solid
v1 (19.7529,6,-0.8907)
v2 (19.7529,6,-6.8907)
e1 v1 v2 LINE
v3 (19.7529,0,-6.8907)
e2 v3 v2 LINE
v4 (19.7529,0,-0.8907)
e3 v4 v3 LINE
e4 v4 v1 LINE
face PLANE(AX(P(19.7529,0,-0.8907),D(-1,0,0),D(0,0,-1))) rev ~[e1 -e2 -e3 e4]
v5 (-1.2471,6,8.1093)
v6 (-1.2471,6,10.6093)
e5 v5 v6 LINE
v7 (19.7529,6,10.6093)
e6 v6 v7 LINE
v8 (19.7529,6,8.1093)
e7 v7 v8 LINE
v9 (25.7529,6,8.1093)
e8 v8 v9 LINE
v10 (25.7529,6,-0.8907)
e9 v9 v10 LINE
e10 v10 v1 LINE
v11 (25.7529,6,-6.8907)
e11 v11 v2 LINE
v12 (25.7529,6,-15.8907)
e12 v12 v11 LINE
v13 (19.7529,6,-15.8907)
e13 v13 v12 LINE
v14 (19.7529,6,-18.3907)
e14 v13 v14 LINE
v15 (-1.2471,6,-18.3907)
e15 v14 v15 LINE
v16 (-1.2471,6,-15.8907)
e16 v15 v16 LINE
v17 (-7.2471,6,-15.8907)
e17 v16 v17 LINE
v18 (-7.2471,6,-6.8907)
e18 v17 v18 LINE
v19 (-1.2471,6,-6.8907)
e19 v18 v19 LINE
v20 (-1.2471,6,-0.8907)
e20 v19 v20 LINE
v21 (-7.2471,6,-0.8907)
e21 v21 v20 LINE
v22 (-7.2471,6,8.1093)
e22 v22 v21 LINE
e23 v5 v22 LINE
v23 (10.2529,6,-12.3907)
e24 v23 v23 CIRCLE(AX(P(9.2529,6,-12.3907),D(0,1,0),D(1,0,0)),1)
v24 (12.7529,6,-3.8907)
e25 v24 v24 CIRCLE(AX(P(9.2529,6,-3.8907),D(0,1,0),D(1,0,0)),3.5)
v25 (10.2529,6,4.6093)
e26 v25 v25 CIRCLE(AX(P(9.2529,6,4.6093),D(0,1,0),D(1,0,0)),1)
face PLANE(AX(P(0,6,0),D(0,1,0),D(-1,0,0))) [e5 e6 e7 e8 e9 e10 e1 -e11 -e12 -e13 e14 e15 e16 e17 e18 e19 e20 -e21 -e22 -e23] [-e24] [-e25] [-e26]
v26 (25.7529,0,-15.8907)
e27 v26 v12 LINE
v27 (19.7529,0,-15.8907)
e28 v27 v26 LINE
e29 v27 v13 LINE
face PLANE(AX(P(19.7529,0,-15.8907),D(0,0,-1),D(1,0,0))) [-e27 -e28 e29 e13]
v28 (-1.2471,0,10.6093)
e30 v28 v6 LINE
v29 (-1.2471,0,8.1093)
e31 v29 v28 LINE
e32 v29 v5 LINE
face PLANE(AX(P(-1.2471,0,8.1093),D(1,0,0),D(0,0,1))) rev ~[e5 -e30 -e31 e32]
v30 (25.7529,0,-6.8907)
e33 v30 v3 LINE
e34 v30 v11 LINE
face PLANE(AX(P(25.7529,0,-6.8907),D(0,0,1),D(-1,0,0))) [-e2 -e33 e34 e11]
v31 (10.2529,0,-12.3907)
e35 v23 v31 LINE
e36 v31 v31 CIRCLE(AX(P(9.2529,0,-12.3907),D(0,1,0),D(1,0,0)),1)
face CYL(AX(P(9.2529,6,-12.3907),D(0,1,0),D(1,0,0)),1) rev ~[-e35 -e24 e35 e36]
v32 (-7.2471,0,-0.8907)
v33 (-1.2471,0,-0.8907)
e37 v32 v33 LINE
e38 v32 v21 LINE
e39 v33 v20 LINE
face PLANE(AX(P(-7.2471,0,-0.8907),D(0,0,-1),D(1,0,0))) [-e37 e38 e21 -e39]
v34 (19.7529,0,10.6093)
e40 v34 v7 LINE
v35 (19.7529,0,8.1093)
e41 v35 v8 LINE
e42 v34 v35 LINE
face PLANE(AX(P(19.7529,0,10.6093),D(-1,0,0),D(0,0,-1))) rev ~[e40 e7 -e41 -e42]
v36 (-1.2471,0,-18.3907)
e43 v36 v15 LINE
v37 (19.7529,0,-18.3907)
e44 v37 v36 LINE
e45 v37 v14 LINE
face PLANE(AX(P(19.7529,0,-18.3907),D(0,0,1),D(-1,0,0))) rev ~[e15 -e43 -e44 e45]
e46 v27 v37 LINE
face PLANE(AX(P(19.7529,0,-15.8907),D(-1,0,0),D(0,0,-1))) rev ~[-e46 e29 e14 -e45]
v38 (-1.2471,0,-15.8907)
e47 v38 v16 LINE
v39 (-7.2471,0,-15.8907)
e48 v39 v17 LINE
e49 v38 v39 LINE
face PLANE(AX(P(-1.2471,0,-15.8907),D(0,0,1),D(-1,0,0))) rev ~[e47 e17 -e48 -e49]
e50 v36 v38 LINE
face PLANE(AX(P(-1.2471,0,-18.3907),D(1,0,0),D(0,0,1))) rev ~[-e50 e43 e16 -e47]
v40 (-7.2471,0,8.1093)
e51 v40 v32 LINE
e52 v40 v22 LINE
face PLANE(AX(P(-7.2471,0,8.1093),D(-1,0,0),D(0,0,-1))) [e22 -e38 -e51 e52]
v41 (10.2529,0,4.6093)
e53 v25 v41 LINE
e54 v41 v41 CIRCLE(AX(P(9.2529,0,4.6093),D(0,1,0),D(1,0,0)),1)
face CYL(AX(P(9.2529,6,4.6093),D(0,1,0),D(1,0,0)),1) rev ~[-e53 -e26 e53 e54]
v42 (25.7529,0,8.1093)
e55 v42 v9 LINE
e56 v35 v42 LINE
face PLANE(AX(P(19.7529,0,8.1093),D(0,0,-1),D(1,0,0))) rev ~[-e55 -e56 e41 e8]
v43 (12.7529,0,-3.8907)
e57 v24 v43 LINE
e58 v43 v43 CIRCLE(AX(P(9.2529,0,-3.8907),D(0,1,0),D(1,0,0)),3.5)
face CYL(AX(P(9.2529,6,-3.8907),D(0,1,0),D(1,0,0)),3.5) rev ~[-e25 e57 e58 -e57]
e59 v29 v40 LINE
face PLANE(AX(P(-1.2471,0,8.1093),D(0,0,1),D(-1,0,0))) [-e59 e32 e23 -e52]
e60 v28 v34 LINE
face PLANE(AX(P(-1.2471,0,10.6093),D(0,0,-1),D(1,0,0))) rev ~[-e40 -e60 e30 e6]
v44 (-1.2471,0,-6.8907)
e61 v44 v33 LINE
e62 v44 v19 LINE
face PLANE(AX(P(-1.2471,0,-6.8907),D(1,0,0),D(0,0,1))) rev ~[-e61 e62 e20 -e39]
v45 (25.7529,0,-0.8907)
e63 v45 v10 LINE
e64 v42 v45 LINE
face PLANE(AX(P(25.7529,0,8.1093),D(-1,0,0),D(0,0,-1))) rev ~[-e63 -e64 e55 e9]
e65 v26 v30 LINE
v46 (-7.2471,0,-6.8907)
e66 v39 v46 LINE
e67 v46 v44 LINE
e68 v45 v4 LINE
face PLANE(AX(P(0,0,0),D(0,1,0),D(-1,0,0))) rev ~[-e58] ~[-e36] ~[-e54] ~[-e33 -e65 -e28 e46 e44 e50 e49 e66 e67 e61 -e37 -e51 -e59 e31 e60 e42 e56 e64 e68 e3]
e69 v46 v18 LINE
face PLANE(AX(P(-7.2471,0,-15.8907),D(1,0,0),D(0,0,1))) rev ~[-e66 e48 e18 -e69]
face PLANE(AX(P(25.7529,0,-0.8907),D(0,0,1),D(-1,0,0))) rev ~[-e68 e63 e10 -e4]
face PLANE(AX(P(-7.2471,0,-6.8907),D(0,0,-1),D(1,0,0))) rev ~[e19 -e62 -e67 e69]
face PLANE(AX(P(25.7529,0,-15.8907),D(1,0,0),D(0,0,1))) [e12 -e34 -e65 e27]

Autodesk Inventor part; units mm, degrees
ref_plane "YZ Plane" through (0, 0, 0) normal (1, 0, 0) x (0, 1, 0)
ref_plane "XZ Plane" through (0, 0, 0) normal (0, 1, 0) x (-1, 0, 0)
ref_plane "XY Plane" through (0, 0, 0) normal (0, 0, 1) x (1, 0, 0)
sketch "Sketch1" plane through (0, 0, 0) normal (0, 1, 0) x (-1, 0, 0)
  line L0 (1.2471, 10.6093) -> (-19.7529, 10.6093)
  line L1 (-19.7529, 10.6093) -> (-19.7529, -18.3907)
  line L2 (-19.7529, -18.3907) -> (1.2471, -18.3907)
  line L3 (1.2471, -15.8907) -> (7.2471, -15.8907)
  line L4 (7.2471, -15.8907) -> (7.2471, -6.8907)
  line L5 (7.2471, -6.8907) -> (1.2471, -6.8907)
  line L6 (1.2471, -6.8907) -> (1.2471, -15.8907)
  line L7 (1.2471, -3.8907) -> (-9.2529, -3.8907) construction
  line L8 (-9.2529, -18.3907) -> (-9.2529, 10.6093) construction
  line L9 (1.2471, 8.1093) -> (7.2471, 8.1093)
  line L10 (7.2471, 8.1093) -> (7.2471, -0.8907)
  line L11 (7.2471, -0.8907) -> (1.2471, -0.8907)
  line L12 (1.2471, -0.8907) -> (1.2471, 8.1093)
  line L13 (-19.7529, -15.8907) -> (-25.7529, -15.8907)
  line L14 (-25.7529, -15.8907) -> (-25.7529, -6.8907)
  line L15 (-25.7529, -6.8907) -> (-19.7529, -6.8907)
  line L16 (-19.7529, -6.8907) -> (-19.7529, -15.8907)
  line L17 (-19.7529, 8.1093) -> (-25.7529, 8.1093)
  line L18 (-25.7529, 8.1093) -> (-25.7529, -0.8907)
  line L19 (-25.7529, -0.8907) -> (-19.7529, -0.8907)
  line L20 (-19.7529, -0.8907) -> (-19.7529, 8.1093)
  line L21 (1.2471, -15.8907) -> (1.2471, 8.1093)
  line L22 (-9.2529, -3.8907) -> (-19.7529, -3.8907) construction
  line L23 (1.2471, -18.3907) -> (1.2471, 10.6093)
  dimension "d49" = 21
  dimension "d50" = 29
  dimension "d54" = 9
  dimension "d60" = 6
  dimension "d76" = 6
extrude "Extrusion1" add sketch "Sketch1" along normal blind 6
sketch "Sketch3" plane through (0, 6, 0) normal (0, 1, 0) x (1, 0, 0)
  line L0 (19.7529, 18.3907) -> (-1.2471, 18.3907) construction
  line L1 (9.2529, 18.3907) -> (9.2529, -10.6093) construction
  line L2 (-1.2471, -10.6093) -> (19.7529, -10.6093) construction
  line L3 (-1.2471, 0.8907) -> (-1.2471, 6.8907) construction
  line L4 (-1.2471, 3.8907) -> (19.7529, 3.8907) construction
  line L5 (19.7529, 0.8907) -> (19.7529, 6.8907) construction
  circle A0 centre (9.2529, 12.3907) radius 1
  circle A1 centre (9.2529, -4.6093) radius 1
  circle A2 centre (9.2529, 3.8907) radius 3.5
  point P0 (0, 0)
  dimension "d91" = 2
  dimension "d92" = 8.5
  dimension "d96" = 7
extrude "Extrusion3" cut sketch "Sketch3" against normal through all
properties part number "thumper-bumper-top-v3"
